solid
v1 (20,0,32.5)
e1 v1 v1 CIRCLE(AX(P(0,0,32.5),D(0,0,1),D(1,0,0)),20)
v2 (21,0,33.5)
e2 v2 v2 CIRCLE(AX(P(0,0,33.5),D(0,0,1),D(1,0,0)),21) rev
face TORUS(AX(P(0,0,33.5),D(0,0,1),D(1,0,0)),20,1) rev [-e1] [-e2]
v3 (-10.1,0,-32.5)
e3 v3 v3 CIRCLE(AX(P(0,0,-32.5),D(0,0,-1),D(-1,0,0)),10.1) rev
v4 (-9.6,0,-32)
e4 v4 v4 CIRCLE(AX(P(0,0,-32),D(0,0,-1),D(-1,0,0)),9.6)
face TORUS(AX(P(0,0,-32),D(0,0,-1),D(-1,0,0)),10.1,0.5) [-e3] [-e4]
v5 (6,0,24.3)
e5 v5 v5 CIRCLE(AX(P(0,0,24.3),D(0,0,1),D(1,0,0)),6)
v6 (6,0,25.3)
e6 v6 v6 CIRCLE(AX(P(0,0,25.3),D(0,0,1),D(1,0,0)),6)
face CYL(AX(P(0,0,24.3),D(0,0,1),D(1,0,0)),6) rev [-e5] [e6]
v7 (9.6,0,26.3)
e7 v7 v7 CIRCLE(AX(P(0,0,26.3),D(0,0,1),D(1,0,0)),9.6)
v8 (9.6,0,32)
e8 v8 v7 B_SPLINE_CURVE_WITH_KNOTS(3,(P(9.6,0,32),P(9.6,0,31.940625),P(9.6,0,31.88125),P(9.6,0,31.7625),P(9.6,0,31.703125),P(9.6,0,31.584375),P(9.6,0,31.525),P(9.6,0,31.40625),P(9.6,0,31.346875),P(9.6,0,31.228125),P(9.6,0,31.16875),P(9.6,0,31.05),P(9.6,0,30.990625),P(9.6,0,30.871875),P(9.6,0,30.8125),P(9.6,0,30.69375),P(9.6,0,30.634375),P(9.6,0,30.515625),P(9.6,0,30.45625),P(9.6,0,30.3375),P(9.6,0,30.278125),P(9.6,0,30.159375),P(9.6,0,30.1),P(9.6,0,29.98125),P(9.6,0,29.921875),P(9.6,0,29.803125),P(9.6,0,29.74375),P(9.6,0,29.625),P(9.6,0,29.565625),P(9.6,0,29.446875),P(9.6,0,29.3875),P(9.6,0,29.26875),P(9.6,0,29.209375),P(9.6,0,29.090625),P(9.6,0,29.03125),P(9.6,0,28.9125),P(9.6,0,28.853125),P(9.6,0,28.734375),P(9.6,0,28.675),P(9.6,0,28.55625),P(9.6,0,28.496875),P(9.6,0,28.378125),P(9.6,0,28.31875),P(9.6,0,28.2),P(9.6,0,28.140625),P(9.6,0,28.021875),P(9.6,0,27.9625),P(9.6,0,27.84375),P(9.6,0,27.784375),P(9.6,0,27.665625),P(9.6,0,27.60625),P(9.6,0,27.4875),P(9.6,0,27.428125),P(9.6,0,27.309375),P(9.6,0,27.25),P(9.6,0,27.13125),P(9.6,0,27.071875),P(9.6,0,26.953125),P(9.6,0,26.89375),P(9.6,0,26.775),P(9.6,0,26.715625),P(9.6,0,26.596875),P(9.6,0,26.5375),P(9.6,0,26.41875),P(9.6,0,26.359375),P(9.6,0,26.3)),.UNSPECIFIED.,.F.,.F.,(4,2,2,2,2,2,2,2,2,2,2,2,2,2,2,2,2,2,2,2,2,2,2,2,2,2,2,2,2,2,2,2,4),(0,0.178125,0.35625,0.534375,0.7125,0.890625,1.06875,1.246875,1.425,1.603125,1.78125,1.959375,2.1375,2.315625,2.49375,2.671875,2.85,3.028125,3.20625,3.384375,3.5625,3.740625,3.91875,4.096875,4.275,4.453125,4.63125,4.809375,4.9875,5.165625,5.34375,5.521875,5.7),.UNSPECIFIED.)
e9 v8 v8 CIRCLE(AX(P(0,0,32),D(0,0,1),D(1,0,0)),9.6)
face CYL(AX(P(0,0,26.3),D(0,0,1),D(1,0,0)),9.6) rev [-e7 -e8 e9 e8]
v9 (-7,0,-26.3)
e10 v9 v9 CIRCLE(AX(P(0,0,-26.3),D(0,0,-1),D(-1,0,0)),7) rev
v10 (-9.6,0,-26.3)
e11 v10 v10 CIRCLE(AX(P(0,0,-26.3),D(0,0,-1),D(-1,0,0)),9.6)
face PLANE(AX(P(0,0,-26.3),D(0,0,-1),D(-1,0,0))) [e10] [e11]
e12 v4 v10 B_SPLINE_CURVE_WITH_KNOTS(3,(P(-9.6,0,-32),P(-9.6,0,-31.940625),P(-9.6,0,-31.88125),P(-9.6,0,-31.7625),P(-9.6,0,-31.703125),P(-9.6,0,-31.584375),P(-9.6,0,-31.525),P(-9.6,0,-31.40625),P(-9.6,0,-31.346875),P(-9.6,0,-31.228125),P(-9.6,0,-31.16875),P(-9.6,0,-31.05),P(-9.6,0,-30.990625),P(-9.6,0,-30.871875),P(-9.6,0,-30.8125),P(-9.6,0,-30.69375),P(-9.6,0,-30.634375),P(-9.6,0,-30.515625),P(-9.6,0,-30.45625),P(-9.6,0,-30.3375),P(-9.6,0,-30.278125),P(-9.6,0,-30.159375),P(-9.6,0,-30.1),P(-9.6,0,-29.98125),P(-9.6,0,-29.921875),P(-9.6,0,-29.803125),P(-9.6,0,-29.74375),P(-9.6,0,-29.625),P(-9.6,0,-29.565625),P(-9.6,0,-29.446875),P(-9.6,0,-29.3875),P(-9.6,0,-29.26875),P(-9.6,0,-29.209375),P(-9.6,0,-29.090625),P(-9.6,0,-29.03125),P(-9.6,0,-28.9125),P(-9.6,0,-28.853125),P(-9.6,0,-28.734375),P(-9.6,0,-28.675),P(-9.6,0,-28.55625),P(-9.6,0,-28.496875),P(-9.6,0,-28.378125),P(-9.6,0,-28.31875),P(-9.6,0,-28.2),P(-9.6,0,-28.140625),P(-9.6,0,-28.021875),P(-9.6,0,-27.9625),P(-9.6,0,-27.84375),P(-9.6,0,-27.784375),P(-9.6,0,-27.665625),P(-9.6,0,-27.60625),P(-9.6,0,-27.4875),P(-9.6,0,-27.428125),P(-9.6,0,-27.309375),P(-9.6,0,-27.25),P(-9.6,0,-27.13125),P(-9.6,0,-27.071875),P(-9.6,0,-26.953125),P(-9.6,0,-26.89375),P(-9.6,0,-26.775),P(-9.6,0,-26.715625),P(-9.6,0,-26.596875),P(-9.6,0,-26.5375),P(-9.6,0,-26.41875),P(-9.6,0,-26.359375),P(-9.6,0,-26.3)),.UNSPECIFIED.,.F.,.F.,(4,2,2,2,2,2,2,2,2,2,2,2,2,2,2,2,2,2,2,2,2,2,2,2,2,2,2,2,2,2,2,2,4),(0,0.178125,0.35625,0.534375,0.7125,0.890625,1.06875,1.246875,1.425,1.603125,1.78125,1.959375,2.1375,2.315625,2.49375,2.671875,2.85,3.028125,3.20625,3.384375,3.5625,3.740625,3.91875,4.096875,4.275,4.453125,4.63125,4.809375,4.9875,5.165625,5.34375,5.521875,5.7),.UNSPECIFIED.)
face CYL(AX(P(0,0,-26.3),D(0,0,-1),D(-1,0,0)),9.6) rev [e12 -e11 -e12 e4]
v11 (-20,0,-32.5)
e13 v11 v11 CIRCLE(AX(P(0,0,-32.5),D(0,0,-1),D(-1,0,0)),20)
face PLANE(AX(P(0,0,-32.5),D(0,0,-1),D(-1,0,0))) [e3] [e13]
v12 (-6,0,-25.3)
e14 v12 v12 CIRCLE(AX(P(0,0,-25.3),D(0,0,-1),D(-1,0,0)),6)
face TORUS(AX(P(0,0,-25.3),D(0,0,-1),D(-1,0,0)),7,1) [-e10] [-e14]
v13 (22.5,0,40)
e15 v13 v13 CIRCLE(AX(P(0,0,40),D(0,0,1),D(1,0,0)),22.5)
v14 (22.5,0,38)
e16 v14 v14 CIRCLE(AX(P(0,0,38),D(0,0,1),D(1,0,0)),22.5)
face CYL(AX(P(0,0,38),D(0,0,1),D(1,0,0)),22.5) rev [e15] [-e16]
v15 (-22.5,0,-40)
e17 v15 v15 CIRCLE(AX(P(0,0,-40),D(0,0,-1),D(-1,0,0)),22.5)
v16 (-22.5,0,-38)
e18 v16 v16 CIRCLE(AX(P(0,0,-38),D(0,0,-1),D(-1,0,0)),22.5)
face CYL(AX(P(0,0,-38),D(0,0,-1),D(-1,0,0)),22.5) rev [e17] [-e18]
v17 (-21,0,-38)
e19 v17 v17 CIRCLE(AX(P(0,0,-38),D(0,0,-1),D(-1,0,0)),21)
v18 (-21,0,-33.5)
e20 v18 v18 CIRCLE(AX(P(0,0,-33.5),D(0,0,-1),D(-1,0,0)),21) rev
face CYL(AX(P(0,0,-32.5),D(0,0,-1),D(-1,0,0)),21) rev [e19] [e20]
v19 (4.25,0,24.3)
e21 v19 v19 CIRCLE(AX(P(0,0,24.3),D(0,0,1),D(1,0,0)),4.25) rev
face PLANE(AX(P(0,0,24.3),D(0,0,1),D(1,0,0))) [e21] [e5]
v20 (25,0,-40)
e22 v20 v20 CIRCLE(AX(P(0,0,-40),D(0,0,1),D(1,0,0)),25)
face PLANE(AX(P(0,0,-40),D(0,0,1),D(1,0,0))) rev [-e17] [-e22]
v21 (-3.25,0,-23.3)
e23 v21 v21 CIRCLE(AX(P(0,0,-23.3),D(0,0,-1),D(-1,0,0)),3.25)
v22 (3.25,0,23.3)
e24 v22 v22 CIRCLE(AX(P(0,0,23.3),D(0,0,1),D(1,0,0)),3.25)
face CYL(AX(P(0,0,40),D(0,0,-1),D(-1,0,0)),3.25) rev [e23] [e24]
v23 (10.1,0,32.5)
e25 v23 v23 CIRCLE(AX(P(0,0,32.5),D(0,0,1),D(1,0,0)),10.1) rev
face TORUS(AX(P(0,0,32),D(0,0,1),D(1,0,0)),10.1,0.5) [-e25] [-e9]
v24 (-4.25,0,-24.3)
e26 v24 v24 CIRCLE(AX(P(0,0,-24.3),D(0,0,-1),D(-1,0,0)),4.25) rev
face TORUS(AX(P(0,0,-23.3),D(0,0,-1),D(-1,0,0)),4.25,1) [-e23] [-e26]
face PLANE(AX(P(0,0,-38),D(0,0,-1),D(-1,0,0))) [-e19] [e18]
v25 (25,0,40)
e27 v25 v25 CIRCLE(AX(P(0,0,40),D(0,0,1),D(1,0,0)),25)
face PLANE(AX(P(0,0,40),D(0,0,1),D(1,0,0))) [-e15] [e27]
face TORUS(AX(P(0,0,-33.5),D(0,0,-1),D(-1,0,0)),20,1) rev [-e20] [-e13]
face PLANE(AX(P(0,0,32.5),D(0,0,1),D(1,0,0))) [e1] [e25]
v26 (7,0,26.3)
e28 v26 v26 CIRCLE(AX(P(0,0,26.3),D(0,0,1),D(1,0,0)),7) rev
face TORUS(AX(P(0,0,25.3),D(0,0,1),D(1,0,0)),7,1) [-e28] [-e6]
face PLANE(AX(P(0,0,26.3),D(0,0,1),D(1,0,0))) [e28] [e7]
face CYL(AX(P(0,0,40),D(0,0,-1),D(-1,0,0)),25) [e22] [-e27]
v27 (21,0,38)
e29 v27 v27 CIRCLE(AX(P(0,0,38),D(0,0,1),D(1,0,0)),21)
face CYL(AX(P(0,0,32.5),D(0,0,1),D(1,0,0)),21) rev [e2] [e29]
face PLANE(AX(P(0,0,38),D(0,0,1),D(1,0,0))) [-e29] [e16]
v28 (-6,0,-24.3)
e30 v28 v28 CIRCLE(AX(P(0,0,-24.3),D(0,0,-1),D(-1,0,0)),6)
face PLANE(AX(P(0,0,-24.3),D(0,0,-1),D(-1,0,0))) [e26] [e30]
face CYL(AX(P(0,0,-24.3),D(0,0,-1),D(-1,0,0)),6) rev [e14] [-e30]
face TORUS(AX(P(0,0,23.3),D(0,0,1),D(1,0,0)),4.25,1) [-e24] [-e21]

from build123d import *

# Parameters (mm, degrees)
ESBO_O1_R                = 25
ESBO_O1_R_2              = 3.25
RESSALTO_EXTRUS_O1_DEPTH = 40
FILETE2_R                = 1
ESBO_O6_R                = 21
CORTE_EXTRUS_O3_DEPTH    = 7.5
CORTE_EXTRUS_O4_START    = -7.5
ESBO_O7_R                = 21
CORTE_EXTRUS_O4_DEPTH    = 7.5
ESBO_O3_R                = 9.6
CORTE_EXTRUS_O1_DEPTH    = 6.2
CORTE_EXTRUS_O2_START    = -6.2
ESBO_O4_R                = 9.6
CORTE_EXTRUS_O2_DEPTH    = 6.2
FILETE3_R                = 0.5
FILETE4_R                = 1
CORTE_EXTRUS_O5_START    = -2
ESBO_O8_R                = 22.5
ESBO_O8_R_2              = 21
CORTE_EXTRUS_O5_DEPTH    = 2
ESBO_O9_R                = 22.5
ESBO_O9_R_2              = 21
CORTE_EXTRUS_O6_DEPTH    = 2
ESBO_O10_R               = 6
CORTE_EXTRUS_O7_DEPTH    = 2
CORTE_EXTRUS_O8_START    = -2
ESBO_O12_R               = 6
CORTE_EXTRUS_O8_DEPTH    = 2
FILETE5_R                = 1


with BuildPart() as part:
    # Esboço1 → Ressalto-extrusão1 (new, symmetric)
    with BuildSketch(Plane.XY):
        Circle(ESBO_O1_R)
        Circle(ESBO_O1_R_2, mode=Mode.SUBTRACT)
    extrude(amount=RESSALTO_EXTRUS_O1_DEPTH, both=True)

    # Filete2
    filete2_edges = [part.edges().sort_by_distance(p)[0] for p in [
        (-3.25, 0, -40),
        (-3.25, 0, 40),
    ]]
    fillet(filete2_edges, radius=FILETE2_R)

    # Esboço6 → Corte-extrusão3 (cut)
    with BuildSketch(Plane(origin=(0, 0, -40), x_dir=(-1, 0, 0), z_dir=(0, 0, -1))):
        Circle(ESBO_O6_R)
    extrude(amount=-CORTE_EXTRUS_O3_DEPTH, mode=Mode.SUBTRACT)

    # Esboço7 → Corte-extrusão4 (cut)
    with BuildSketch(Plane.XY.offset(40).offset(CORTE_EXTRUS_O4_START)):
        with Locations(Location((0, 0, 0), (0, 0, 180))):
            Circle(ESBO_O7_R)
    extrude(amount=CORTE_EXTRUS_O4_DEPTH, mode=Mode.SUBTRACT)

    # Esboço3 → Corte-extrusão1 (cut)
    with BuildSketch(Plane.XY.offset(32.5)):
        Circle(ESBO_O3_R)
    extrude(amount=-CORTE_EXTRUS_O1_DEPTH, mode=Mode.SUBTRACT)

    # Esboço4 → Corte-extrusão2 (cut)
    with BuildSketch(Plane(origin=(0, 0, -32.5), x_dir=(-1, 0, 0), z_dir=(0, 0, -1)).offset(CORTE_EXTRUS_O2_START)):
        with Locations(Location((0, 0, 0), (0, 0, 180))):
            Circle(ESBO_O4_R)
    extrude(amount=CORTE_EXTRUS_O2_DEPTH, mode=Mode.SUBTRACT)

    # Filete3
    filete3_edges = [part.edges().sort_by_distance(p)[0] for p in [
        (-9.6, 0, 32.5),
        (-9.6, 0, -32.5),
    ]]
    fillet(filete3_edges, radius=FILETE3_R)

    # Filete4
    filete4_edges = [part.edges().sort_by_distance(p)[0] for p in [
        (21, 0, -32.5),
        (21, 0, 32.5),
        (-3.25, 0, 26.3),
        (-3.25, 0, -26.3),
    ]]
    fillet(filete4_edges, radius=FILETE4_R)

    # Esboço8 → Corte-extrusão5 (cut)
    with BuildSketch(Plane.XY.offset(40).offset(CORTE_EXTRUS_O5_START)):
        Circle(ESBO_O8_R)
        Circle(ESBO_O8_R_2, mode=Mode.SUBTRACT)
    extrude(amount=CORTE_EXTRUS_O5_DEPTH, mode=Mode.SUBTRACT)

    # Esboço9 → Corte-extrusão6 (cut)
    with BuildSketch(Plane(origin=(0, 0, -40), x_dir=(-1, 0, 0), z_dir=(0, 0, -1))):
        with Locations(Location((0, 0, 0), (0, 0, 180))):
            Circle(ESBO_O9_R)
        Circle(ESBO_O9_R_2, mode=Mode.SUBTRACT)
    extrude(amount=-CORTE_EXTRUS_O6_DEPTH, mode=Mode.SUBTRACT)

    # Esboço10 → Corte-extrusão7 (cut)
    with BuildSketch(Plane.XY.offset(26.3)):
        Circle(ESBO_O10_R)
    extrude(amount=-CORTE_EXTRUS_O7_DEPTH, mode=Mode.SUBTRACT)

    # Esboço12 → Corte-extrusão8 (cut)
    with BuildSketch(Plane(origin=(0, 0, -26.3), x_dir=(-1, 0, 0), z_dir=(0, 0, -1)).offset(CORTE_EXTRUS_O8_START)):
        with Locations(Location((0, 0, 0), (0, 0, 180))):
            Circle(ESBO_O12_R)
    extrude(amount=CORTE_EXTRUS_O8_DEPTH, mode=Mode.SUBTRACT)

    # Filete5
    filete5_edges = [part.edges().sort_by_distance(p)[0] for p in [
        (-6, 0, 26.3),
        (-3.25, 0, 24.3),
        (-6, 0, -26.3),
        (-3.25, 0, -24.3),
    ]]
    fillet(filete5_edges, radius=FILETE5_R)


solid = part.part
